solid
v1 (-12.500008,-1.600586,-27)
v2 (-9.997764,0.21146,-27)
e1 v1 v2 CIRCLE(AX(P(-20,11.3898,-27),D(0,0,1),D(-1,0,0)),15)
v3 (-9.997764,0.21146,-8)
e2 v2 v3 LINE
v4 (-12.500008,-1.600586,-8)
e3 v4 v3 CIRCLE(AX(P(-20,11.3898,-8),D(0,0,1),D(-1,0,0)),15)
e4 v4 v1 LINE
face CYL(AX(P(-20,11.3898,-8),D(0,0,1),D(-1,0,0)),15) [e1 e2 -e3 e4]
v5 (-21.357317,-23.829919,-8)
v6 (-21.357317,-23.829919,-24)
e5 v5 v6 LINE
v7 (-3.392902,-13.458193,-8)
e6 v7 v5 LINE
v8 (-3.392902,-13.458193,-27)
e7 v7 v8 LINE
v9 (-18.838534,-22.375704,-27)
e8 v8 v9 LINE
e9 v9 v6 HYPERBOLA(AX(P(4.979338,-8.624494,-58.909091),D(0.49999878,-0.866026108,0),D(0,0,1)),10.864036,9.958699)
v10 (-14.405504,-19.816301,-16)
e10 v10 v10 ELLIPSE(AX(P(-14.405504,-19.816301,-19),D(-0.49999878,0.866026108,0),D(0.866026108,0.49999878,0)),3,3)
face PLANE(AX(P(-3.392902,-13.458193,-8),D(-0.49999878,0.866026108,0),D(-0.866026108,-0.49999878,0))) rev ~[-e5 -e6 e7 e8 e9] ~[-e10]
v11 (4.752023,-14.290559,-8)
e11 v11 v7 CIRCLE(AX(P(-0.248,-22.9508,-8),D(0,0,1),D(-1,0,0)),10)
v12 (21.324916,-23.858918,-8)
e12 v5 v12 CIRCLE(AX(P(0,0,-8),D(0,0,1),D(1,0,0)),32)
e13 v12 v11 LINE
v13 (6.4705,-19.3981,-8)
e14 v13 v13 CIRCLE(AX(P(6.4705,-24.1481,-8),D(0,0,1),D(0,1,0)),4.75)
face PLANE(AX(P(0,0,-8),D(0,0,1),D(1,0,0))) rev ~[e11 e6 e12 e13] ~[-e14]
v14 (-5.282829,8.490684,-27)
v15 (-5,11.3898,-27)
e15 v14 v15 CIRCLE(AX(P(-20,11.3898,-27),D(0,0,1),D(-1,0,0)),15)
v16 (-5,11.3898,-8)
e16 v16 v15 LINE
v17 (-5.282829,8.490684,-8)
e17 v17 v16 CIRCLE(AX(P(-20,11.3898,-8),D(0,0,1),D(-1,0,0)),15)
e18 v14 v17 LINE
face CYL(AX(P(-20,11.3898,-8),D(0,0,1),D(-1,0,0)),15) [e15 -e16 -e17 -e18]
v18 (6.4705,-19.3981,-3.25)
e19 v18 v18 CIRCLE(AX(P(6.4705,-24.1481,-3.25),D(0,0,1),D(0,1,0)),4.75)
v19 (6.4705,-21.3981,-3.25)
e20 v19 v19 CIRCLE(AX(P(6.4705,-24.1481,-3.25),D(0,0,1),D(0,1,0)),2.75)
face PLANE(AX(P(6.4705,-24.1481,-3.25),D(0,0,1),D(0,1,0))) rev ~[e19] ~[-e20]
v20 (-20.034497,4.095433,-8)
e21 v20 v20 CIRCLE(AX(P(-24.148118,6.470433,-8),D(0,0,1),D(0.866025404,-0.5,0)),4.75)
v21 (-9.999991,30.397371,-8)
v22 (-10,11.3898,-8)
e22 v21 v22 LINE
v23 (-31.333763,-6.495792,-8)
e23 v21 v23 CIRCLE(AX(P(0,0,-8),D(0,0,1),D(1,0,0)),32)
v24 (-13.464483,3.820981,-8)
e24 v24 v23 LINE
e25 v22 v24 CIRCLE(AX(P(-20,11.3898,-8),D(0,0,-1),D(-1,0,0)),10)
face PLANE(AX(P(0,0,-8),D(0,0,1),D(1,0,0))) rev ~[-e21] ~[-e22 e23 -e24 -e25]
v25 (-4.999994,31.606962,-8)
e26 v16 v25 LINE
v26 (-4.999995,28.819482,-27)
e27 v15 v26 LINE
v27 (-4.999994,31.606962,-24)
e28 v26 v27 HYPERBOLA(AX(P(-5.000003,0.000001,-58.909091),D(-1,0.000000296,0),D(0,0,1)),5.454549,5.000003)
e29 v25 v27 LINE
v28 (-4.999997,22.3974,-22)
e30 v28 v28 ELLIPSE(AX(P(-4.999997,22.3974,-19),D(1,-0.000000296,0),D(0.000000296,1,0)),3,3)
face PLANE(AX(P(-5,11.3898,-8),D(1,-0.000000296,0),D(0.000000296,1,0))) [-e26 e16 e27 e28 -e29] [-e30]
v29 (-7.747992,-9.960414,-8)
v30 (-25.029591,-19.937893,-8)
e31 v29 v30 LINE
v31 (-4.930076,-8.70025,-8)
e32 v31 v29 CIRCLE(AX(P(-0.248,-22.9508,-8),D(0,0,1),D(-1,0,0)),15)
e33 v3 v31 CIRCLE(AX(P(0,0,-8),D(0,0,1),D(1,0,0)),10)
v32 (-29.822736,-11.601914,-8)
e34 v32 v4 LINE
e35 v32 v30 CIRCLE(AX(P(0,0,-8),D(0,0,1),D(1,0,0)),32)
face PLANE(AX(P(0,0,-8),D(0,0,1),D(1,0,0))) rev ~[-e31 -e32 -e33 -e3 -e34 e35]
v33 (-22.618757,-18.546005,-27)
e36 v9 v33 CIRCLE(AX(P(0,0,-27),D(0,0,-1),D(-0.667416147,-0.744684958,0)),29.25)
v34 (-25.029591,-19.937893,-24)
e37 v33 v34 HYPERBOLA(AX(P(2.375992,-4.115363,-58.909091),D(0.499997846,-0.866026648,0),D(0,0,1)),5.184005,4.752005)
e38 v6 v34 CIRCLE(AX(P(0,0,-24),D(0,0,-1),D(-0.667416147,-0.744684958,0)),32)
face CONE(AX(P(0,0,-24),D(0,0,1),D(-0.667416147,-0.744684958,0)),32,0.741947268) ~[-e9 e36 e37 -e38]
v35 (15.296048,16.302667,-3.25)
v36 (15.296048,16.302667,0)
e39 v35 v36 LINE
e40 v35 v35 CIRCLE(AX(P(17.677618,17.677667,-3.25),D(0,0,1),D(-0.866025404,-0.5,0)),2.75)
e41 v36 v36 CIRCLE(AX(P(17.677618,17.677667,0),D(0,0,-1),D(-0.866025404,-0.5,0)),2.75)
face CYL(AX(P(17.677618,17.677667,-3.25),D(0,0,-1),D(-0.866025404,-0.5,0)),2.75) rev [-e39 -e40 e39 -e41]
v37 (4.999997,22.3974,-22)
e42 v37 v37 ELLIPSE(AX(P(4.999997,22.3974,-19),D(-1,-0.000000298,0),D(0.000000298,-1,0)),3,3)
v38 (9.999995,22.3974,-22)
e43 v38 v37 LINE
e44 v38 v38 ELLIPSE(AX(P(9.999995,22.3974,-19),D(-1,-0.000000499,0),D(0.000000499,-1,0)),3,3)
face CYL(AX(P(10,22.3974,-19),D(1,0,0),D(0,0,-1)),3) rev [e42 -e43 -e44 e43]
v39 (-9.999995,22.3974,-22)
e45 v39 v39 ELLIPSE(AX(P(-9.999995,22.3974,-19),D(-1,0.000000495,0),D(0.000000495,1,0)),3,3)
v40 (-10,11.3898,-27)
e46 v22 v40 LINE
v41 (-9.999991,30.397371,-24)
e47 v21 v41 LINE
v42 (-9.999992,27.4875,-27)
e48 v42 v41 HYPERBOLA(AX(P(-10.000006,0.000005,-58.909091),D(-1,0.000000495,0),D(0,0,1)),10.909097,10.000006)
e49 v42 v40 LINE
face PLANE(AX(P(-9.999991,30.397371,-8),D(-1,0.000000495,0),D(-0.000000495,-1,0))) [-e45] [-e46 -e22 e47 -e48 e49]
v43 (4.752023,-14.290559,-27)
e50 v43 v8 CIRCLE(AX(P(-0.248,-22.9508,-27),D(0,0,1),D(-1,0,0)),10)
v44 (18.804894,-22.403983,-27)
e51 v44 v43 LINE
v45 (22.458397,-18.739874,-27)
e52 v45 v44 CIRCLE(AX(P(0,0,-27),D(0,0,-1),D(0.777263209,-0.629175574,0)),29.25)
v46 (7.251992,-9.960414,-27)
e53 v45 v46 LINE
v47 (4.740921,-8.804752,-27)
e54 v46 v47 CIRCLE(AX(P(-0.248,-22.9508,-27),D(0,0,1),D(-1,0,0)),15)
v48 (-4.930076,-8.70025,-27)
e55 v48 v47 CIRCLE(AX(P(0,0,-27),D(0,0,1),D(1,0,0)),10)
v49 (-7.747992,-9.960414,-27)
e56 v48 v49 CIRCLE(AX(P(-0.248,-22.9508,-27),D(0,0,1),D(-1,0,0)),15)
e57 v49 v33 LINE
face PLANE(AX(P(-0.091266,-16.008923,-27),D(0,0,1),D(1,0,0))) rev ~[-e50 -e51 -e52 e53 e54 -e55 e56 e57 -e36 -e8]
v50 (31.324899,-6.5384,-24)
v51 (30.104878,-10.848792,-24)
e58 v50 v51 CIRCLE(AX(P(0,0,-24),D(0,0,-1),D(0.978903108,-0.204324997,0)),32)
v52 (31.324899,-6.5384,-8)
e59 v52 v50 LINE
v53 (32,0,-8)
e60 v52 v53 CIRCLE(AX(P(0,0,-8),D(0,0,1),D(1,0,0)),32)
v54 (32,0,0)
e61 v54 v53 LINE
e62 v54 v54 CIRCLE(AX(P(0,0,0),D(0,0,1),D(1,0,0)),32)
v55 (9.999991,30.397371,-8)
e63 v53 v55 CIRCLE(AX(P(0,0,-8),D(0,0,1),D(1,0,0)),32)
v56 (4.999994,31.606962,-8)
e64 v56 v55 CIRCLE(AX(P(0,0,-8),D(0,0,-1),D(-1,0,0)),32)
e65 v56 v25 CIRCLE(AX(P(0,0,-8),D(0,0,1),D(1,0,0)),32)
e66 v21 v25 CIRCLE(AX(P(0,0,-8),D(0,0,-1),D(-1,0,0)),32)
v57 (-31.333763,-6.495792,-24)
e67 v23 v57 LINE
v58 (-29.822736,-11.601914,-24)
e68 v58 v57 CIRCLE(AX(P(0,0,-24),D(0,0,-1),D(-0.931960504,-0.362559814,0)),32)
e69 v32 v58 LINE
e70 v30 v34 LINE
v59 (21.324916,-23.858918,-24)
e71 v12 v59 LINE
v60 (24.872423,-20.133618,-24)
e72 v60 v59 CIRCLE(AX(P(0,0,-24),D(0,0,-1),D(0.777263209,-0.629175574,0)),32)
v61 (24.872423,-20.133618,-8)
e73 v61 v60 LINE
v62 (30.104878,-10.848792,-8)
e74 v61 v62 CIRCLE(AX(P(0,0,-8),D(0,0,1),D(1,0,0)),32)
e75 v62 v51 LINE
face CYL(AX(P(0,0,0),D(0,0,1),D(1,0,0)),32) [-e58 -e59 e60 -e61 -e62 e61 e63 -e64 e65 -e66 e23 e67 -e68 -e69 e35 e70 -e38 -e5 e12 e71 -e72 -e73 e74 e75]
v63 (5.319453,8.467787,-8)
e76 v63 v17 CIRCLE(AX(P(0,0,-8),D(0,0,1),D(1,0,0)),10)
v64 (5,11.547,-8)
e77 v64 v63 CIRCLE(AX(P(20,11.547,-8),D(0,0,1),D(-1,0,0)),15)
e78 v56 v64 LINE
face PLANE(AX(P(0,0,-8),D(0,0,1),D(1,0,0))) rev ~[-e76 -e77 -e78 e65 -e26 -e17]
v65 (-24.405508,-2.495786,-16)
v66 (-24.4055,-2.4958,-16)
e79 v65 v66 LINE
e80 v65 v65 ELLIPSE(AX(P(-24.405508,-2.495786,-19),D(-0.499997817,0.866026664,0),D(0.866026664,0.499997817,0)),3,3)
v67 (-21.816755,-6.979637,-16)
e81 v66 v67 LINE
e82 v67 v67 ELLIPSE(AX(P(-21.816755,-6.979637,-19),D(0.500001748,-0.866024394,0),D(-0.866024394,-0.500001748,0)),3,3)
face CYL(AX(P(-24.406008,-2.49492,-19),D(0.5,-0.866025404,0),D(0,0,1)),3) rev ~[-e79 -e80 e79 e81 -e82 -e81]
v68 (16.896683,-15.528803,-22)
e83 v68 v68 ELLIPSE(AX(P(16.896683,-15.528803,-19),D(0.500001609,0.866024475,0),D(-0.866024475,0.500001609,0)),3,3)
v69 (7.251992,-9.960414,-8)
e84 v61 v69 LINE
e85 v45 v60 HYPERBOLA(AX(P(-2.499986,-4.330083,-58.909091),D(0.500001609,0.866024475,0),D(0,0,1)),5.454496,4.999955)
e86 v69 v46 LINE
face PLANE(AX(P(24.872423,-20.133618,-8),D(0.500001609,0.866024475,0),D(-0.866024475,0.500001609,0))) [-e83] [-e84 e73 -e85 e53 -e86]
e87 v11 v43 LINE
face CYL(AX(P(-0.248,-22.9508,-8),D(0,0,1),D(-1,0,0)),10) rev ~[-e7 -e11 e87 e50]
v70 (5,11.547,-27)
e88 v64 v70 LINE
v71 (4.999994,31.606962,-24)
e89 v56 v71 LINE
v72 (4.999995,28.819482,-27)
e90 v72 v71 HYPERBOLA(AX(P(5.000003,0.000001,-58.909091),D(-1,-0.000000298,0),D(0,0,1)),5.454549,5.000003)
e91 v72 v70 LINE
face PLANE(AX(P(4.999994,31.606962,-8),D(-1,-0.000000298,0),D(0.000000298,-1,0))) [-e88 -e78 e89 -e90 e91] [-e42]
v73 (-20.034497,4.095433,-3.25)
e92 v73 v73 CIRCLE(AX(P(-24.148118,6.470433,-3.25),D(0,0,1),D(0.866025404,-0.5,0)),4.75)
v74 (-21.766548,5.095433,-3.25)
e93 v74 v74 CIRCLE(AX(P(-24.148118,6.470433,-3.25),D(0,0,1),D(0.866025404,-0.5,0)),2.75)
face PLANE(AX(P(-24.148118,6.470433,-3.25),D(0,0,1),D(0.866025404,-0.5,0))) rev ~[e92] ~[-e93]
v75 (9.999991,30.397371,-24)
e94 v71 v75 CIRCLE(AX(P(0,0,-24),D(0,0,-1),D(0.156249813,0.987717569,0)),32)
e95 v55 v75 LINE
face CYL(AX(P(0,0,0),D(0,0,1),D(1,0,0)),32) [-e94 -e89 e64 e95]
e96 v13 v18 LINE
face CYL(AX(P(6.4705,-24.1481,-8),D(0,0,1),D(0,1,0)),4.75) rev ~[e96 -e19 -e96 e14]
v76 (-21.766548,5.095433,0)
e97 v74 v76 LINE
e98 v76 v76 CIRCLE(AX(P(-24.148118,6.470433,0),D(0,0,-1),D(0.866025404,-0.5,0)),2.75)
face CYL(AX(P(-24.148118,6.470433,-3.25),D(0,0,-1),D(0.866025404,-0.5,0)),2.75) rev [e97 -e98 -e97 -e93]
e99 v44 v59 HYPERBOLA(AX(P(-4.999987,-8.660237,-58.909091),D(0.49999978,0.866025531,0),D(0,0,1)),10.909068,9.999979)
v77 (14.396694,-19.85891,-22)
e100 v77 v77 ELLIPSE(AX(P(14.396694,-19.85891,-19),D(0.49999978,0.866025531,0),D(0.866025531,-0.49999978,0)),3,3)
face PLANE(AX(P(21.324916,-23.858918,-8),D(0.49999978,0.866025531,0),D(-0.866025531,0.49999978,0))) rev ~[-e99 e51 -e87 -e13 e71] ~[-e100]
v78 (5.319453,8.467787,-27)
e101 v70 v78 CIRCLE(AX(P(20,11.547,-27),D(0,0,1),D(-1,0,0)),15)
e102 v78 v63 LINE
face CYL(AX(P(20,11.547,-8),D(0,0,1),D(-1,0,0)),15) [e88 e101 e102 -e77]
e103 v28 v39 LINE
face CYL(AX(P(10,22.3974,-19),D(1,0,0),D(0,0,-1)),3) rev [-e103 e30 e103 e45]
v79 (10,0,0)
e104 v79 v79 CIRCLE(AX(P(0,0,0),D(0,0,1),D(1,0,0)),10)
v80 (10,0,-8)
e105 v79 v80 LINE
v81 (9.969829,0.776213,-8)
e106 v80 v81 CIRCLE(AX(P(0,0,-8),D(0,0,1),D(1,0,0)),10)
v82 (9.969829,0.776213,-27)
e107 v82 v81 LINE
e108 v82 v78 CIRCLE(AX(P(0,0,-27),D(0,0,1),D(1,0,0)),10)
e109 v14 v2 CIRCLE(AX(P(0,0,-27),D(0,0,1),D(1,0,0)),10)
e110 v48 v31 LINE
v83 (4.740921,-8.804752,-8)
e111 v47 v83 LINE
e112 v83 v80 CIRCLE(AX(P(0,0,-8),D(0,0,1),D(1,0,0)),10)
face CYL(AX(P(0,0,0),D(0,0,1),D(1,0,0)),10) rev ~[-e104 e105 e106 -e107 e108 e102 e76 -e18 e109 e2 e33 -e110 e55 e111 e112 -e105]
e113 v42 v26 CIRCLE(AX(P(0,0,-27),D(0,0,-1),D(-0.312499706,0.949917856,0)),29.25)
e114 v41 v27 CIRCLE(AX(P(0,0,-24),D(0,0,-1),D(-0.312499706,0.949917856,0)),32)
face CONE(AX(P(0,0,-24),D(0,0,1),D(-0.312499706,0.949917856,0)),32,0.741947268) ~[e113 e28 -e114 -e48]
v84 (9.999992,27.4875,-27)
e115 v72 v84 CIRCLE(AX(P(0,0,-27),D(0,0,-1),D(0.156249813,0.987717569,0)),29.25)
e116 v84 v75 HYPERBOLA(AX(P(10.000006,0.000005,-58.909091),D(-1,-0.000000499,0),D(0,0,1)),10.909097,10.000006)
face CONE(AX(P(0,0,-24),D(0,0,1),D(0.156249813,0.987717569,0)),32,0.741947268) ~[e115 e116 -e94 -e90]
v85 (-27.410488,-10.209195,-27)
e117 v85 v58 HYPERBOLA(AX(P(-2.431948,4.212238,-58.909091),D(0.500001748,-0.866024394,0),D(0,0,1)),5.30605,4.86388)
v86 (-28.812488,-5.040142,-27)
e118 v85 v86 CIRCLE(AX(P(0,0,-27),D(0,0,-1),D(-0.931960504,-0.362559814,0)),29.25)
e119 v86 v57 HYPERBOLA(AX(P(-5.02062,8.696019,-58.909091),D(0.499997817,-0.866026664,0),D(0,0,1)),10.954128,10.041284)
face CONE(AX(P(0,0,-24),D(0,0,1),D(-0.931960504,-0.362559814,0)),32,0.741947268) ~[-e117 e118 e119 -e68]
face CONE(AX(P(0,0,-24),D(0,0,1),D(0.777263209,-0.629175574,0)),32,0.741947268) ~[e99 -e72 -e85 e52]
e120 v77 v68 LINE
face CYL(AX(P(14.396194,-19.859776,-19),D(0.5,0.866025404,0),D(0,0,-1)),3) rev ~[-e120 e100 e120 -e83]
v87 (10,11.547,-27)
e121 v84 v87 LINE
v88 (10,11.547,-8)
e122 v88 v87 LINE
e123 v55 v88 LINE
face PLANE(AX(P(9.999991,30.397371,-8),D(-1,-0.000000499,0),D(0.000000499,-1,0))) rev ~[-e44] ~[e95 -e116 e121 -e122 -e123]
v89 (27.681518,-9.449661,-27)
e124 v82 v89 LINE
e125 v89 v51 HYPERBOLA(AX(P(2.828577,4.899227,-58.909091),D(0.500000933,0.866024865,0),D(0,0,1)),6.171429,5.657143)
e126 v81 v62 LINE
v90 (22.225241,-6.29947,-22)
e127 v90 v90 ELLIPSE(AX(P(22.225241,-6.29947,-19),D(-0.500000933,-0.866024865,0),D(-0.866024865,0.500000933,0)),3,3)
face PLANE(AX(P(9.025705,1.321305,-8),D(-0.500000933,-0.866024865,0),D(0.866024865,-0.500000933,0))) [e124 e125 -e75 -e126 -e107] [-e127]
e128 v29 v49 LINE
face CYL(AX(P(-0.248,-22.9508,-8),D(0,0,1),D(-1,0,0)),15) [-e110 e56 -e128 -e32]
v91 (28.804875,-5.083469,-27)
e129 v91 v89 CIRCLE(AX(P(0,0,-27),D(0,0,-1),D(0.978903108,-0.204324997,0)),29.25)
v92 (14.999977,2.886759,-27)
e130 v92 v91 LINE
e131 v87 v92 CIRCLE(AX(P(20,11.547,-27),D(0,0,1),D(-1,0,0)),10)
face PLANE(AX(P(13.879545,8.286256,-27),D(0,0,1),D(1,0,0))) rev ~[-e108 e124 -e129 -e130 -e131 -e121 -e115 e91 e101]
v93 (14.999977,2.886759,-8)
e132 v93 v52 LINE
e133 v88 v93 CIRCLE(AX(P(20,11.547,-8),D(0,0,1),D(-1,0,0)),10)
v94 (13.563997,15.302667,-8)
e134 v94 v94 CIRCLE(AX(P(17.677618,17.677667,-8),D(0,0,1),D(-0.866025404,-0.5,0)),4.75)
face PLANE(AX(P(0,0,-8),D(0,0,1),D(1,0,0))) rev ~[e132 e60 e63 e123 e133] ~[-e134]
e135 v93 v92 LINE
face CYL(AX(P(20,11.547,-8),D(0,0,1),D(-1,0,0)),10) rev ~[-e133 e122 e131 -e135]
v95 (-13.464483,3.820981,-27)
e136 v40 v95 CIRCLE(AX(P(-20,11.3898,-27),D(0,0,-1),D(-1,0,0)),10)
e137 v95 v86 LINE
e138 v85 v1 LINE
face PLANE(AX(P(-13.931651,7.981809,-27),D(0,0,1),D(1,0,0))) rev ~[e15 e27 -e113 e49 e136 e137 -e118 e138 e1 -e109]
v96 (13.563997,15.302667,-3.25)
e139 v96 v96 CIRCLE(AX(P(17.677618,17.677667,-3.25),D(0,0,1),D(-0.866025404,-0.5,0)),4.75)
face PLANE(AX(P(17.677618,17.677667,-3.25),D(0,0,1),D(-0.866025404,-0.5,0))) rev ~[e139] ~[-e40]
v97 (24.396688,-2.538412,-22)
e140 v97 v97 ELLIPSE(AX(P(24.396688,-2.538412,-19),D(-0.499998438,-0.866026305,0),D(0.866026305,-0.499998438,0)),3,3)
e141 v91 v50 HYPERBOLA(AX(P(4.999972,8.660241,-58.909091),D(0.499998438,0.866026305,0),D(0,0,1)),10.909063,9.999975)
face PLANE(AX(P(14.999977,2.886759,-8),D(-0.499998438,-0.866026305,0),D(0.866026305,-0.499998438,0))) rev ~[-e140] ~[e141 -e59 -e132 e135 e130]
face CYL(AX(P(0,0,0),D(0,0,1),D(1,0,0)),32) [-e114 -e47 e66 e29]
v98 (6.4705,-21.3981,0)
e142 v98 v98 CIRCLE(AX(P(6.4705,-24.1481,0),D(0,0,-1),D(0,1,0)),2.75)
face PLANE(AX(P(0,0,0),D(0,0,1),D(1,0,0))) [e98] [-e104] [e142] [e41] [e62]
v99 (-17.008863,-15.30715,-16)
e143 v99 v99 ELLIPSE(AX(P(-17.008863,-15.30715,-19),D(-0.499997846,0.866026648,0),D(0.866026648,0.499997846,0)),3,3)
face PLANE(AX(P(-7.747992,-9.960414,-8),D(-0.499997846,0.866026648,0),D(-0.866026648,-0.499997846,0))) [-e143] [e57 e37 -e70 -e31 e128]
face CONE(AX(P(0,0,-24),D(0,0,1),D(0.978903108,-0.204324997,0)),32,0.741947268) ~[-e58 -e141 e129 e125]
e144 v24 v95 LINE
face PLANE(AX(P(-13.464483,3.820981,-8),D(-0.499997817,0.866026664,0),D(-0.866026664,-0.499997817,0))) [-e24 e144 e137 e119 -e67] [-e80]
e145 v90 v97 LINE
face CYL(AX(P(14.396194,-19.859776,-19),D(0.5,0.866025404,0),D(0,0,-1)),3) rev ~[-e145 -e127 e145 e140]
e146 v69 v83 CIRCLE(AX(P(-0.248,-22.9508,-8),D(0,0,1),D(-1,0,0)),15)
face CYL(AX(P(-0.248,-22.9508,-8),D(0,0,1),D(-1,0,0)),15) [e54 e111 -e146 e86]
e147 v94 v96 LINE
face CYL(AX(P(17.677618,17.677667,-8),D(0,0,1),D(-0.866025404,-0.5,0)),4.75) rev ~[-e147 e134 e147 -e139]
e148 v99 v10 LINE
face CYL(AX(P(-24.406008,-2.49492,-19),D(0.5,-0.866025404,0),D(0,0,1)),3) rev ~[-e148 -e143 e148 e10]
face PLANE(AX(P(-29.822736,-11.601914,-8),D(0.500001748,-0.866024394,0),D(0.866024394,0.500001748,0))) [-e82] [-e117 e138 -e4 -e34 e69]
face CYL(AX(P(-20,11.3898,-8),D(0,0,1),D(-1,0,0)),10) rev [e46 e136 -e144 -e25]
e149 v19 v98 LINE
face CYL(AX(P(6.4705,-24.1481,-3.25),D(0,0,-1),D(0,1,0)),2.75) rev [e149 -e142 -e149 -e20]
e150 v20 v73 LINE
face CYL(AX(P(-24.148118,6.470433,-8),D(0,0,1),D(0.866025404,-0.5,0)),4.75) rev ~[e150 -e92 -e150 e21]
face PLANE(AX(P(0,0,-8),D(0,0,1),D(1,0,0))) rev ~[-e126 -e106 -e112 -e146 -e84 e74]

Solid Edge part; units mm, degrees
sketch "Sketch1" plane through (0, 0, 0) normal (0, 0, 1) x (1, 0, 0)
  circle A0 centre (0, 0) radius 32
extrude "Protrusion1" add sketch "Sketch1" against normal blind 8
sketch "Sketch2" plane through (0, 0, 0) normal (0, 0, 1) x (1, 0, 0)
  circle A0 centre (0, 0) radius 10
extrude "nucleo" add sketch "Sketch2" along normal blind 3
sketch "Sketch3" plane through (0, 0, -8) normal (0, 0, -1) x (-1, 0, 0)
  line L0 (-9.0257, 1.3213) -> (-30.1049, -10.8488)
  arc A0 (-31.3249, -6.5384) -> (-30.1049, -10.8488) centre (0, 0) ccw
  line L1 (-15, 2.8868) -> (-31.3249, -6.5384)
  arc A1 (-10, 11.547) -> (-15, 2.8868) centre (-20, 11.547) cw
  line L2 (-10, 30.3974) -> (-10, 11.547)
  arc A2 (-5, 31.607) -> (-10, 30.3974) centre (0, 0) ccw
  line L3 (-5, 31.607) -> (-5, 11.547)
  arc A3 (-5, 11.547) -> (-9.0257, 1.3213) centre (-20, 11.547) cw
  line L4 (13.4645, 3.821) -> (31.3338, -6.4958)
  arc A4 (29.8227, -11.6019) -> (31.3338, -6.4958) centre (0, 0) ccw
  line L5 (29.8227, -11.6019) -> (12.5, -1.6006)
  arc A5 (12.5, -1.6006) -> (5, 11.3898) centre (20, 11.3898) cw
  line L6 (5, 11.3898) -> (5, 31.607)
  arc A6 (10, 30.3974) -> (5, 31.607) centre (0, 0) ccw
  line L7 (10, 30.3974) -> (10, 11.3898)
  arc A7 (10, 11.3898) -> (13.4645, 3.821) centre (20, 11.3898) ccw
  line L8 (7.748, -9.9604) -> (25.0296, -19.9379)
  arc A8 (21.3573, -23.8299) -> (25.0296, -19.9379) centre (0, 0) ccw
  line L9 (3.3929, -13.4582) -> (21.3573, -23.8299)
  arc A9 (-4.752, -14.2906) -> (3.3929, -13.4582) centre (0.248, -22.9508) cw
  line L10 (-21.3249, -23.8589) -> (-4.752, -14.2906)
  arc A10 (-24.8724, -20.1336) -> (-21.3249, -23.8589) centre (0, 0) ccw
  line L11 (-24.8724, -20.1336) -> (-7.252, -9.9604)
  arc A11 (-7.252, -9.9604) -> (7.748, -9.9604) centre (0.248, -22.9508) cw
extrude "paredes" add sketch "Sketch3" along normal blind 19
sketch "Sketch4" plane through (0, 0, 0) normal (0, 0, 1) x (1, 0, 0)
  circle A0 centre (0, 0) radius 10
extrude "VaciadoExtruido_3" cut sketch "Sketch4" along normal mid plane 58
hole "Agujero_1" at (6.4705, -24.1481, -8) direction (0, 0, 1) diameter 9.5 depth 4.75
hole "Hole1" [suppressed]
hole "Agujero_3" at (6.4705, -24.1481, -3.25) direction (0, 0, 1) diameter 5.5 end through all
hole "Agujero_6" at (14.3967, -19.8589, -19) direction (0.5, 0.866, 0) diameter 6 end through all
hole "Agujero_7" at (-24.4055, -2.4958, -19) direction (0.5, -0.866, 0) diameter 6 end through all
hole "Agujero_8" at (10, 22.3974, -19) direction (-1, 0, 0) diameter 6 end through all
chamfer "CHAFLAN" distance 2.75 distance2 3 2 edges at (7.5243, 31.1028, -27) (30.7904, -8.715, -27) measured on face at (9.1242, 10.8036, -27)
chamfer "Chaflán_2" distance 2.75 distance2 3 2 edges at (-7.5243, 31.1028, -27) (-30.6846, -9.0804, -27) measured on face at (-18.4302, -3.9683, -27)
chamfer "Chaflán_3" distance 2.75 distance2 3 2 edges at (-23.2749, -21.9608, -27) (23.1736, -22.0677, -27) measured on face at (-17.2116, -21.1809, -27)
pattern_circular "Pattern1" count 3 over 360 about axis through (0, 0, -8) along (0, 0, 1) of "Agujero_1", "Agujero_3"
